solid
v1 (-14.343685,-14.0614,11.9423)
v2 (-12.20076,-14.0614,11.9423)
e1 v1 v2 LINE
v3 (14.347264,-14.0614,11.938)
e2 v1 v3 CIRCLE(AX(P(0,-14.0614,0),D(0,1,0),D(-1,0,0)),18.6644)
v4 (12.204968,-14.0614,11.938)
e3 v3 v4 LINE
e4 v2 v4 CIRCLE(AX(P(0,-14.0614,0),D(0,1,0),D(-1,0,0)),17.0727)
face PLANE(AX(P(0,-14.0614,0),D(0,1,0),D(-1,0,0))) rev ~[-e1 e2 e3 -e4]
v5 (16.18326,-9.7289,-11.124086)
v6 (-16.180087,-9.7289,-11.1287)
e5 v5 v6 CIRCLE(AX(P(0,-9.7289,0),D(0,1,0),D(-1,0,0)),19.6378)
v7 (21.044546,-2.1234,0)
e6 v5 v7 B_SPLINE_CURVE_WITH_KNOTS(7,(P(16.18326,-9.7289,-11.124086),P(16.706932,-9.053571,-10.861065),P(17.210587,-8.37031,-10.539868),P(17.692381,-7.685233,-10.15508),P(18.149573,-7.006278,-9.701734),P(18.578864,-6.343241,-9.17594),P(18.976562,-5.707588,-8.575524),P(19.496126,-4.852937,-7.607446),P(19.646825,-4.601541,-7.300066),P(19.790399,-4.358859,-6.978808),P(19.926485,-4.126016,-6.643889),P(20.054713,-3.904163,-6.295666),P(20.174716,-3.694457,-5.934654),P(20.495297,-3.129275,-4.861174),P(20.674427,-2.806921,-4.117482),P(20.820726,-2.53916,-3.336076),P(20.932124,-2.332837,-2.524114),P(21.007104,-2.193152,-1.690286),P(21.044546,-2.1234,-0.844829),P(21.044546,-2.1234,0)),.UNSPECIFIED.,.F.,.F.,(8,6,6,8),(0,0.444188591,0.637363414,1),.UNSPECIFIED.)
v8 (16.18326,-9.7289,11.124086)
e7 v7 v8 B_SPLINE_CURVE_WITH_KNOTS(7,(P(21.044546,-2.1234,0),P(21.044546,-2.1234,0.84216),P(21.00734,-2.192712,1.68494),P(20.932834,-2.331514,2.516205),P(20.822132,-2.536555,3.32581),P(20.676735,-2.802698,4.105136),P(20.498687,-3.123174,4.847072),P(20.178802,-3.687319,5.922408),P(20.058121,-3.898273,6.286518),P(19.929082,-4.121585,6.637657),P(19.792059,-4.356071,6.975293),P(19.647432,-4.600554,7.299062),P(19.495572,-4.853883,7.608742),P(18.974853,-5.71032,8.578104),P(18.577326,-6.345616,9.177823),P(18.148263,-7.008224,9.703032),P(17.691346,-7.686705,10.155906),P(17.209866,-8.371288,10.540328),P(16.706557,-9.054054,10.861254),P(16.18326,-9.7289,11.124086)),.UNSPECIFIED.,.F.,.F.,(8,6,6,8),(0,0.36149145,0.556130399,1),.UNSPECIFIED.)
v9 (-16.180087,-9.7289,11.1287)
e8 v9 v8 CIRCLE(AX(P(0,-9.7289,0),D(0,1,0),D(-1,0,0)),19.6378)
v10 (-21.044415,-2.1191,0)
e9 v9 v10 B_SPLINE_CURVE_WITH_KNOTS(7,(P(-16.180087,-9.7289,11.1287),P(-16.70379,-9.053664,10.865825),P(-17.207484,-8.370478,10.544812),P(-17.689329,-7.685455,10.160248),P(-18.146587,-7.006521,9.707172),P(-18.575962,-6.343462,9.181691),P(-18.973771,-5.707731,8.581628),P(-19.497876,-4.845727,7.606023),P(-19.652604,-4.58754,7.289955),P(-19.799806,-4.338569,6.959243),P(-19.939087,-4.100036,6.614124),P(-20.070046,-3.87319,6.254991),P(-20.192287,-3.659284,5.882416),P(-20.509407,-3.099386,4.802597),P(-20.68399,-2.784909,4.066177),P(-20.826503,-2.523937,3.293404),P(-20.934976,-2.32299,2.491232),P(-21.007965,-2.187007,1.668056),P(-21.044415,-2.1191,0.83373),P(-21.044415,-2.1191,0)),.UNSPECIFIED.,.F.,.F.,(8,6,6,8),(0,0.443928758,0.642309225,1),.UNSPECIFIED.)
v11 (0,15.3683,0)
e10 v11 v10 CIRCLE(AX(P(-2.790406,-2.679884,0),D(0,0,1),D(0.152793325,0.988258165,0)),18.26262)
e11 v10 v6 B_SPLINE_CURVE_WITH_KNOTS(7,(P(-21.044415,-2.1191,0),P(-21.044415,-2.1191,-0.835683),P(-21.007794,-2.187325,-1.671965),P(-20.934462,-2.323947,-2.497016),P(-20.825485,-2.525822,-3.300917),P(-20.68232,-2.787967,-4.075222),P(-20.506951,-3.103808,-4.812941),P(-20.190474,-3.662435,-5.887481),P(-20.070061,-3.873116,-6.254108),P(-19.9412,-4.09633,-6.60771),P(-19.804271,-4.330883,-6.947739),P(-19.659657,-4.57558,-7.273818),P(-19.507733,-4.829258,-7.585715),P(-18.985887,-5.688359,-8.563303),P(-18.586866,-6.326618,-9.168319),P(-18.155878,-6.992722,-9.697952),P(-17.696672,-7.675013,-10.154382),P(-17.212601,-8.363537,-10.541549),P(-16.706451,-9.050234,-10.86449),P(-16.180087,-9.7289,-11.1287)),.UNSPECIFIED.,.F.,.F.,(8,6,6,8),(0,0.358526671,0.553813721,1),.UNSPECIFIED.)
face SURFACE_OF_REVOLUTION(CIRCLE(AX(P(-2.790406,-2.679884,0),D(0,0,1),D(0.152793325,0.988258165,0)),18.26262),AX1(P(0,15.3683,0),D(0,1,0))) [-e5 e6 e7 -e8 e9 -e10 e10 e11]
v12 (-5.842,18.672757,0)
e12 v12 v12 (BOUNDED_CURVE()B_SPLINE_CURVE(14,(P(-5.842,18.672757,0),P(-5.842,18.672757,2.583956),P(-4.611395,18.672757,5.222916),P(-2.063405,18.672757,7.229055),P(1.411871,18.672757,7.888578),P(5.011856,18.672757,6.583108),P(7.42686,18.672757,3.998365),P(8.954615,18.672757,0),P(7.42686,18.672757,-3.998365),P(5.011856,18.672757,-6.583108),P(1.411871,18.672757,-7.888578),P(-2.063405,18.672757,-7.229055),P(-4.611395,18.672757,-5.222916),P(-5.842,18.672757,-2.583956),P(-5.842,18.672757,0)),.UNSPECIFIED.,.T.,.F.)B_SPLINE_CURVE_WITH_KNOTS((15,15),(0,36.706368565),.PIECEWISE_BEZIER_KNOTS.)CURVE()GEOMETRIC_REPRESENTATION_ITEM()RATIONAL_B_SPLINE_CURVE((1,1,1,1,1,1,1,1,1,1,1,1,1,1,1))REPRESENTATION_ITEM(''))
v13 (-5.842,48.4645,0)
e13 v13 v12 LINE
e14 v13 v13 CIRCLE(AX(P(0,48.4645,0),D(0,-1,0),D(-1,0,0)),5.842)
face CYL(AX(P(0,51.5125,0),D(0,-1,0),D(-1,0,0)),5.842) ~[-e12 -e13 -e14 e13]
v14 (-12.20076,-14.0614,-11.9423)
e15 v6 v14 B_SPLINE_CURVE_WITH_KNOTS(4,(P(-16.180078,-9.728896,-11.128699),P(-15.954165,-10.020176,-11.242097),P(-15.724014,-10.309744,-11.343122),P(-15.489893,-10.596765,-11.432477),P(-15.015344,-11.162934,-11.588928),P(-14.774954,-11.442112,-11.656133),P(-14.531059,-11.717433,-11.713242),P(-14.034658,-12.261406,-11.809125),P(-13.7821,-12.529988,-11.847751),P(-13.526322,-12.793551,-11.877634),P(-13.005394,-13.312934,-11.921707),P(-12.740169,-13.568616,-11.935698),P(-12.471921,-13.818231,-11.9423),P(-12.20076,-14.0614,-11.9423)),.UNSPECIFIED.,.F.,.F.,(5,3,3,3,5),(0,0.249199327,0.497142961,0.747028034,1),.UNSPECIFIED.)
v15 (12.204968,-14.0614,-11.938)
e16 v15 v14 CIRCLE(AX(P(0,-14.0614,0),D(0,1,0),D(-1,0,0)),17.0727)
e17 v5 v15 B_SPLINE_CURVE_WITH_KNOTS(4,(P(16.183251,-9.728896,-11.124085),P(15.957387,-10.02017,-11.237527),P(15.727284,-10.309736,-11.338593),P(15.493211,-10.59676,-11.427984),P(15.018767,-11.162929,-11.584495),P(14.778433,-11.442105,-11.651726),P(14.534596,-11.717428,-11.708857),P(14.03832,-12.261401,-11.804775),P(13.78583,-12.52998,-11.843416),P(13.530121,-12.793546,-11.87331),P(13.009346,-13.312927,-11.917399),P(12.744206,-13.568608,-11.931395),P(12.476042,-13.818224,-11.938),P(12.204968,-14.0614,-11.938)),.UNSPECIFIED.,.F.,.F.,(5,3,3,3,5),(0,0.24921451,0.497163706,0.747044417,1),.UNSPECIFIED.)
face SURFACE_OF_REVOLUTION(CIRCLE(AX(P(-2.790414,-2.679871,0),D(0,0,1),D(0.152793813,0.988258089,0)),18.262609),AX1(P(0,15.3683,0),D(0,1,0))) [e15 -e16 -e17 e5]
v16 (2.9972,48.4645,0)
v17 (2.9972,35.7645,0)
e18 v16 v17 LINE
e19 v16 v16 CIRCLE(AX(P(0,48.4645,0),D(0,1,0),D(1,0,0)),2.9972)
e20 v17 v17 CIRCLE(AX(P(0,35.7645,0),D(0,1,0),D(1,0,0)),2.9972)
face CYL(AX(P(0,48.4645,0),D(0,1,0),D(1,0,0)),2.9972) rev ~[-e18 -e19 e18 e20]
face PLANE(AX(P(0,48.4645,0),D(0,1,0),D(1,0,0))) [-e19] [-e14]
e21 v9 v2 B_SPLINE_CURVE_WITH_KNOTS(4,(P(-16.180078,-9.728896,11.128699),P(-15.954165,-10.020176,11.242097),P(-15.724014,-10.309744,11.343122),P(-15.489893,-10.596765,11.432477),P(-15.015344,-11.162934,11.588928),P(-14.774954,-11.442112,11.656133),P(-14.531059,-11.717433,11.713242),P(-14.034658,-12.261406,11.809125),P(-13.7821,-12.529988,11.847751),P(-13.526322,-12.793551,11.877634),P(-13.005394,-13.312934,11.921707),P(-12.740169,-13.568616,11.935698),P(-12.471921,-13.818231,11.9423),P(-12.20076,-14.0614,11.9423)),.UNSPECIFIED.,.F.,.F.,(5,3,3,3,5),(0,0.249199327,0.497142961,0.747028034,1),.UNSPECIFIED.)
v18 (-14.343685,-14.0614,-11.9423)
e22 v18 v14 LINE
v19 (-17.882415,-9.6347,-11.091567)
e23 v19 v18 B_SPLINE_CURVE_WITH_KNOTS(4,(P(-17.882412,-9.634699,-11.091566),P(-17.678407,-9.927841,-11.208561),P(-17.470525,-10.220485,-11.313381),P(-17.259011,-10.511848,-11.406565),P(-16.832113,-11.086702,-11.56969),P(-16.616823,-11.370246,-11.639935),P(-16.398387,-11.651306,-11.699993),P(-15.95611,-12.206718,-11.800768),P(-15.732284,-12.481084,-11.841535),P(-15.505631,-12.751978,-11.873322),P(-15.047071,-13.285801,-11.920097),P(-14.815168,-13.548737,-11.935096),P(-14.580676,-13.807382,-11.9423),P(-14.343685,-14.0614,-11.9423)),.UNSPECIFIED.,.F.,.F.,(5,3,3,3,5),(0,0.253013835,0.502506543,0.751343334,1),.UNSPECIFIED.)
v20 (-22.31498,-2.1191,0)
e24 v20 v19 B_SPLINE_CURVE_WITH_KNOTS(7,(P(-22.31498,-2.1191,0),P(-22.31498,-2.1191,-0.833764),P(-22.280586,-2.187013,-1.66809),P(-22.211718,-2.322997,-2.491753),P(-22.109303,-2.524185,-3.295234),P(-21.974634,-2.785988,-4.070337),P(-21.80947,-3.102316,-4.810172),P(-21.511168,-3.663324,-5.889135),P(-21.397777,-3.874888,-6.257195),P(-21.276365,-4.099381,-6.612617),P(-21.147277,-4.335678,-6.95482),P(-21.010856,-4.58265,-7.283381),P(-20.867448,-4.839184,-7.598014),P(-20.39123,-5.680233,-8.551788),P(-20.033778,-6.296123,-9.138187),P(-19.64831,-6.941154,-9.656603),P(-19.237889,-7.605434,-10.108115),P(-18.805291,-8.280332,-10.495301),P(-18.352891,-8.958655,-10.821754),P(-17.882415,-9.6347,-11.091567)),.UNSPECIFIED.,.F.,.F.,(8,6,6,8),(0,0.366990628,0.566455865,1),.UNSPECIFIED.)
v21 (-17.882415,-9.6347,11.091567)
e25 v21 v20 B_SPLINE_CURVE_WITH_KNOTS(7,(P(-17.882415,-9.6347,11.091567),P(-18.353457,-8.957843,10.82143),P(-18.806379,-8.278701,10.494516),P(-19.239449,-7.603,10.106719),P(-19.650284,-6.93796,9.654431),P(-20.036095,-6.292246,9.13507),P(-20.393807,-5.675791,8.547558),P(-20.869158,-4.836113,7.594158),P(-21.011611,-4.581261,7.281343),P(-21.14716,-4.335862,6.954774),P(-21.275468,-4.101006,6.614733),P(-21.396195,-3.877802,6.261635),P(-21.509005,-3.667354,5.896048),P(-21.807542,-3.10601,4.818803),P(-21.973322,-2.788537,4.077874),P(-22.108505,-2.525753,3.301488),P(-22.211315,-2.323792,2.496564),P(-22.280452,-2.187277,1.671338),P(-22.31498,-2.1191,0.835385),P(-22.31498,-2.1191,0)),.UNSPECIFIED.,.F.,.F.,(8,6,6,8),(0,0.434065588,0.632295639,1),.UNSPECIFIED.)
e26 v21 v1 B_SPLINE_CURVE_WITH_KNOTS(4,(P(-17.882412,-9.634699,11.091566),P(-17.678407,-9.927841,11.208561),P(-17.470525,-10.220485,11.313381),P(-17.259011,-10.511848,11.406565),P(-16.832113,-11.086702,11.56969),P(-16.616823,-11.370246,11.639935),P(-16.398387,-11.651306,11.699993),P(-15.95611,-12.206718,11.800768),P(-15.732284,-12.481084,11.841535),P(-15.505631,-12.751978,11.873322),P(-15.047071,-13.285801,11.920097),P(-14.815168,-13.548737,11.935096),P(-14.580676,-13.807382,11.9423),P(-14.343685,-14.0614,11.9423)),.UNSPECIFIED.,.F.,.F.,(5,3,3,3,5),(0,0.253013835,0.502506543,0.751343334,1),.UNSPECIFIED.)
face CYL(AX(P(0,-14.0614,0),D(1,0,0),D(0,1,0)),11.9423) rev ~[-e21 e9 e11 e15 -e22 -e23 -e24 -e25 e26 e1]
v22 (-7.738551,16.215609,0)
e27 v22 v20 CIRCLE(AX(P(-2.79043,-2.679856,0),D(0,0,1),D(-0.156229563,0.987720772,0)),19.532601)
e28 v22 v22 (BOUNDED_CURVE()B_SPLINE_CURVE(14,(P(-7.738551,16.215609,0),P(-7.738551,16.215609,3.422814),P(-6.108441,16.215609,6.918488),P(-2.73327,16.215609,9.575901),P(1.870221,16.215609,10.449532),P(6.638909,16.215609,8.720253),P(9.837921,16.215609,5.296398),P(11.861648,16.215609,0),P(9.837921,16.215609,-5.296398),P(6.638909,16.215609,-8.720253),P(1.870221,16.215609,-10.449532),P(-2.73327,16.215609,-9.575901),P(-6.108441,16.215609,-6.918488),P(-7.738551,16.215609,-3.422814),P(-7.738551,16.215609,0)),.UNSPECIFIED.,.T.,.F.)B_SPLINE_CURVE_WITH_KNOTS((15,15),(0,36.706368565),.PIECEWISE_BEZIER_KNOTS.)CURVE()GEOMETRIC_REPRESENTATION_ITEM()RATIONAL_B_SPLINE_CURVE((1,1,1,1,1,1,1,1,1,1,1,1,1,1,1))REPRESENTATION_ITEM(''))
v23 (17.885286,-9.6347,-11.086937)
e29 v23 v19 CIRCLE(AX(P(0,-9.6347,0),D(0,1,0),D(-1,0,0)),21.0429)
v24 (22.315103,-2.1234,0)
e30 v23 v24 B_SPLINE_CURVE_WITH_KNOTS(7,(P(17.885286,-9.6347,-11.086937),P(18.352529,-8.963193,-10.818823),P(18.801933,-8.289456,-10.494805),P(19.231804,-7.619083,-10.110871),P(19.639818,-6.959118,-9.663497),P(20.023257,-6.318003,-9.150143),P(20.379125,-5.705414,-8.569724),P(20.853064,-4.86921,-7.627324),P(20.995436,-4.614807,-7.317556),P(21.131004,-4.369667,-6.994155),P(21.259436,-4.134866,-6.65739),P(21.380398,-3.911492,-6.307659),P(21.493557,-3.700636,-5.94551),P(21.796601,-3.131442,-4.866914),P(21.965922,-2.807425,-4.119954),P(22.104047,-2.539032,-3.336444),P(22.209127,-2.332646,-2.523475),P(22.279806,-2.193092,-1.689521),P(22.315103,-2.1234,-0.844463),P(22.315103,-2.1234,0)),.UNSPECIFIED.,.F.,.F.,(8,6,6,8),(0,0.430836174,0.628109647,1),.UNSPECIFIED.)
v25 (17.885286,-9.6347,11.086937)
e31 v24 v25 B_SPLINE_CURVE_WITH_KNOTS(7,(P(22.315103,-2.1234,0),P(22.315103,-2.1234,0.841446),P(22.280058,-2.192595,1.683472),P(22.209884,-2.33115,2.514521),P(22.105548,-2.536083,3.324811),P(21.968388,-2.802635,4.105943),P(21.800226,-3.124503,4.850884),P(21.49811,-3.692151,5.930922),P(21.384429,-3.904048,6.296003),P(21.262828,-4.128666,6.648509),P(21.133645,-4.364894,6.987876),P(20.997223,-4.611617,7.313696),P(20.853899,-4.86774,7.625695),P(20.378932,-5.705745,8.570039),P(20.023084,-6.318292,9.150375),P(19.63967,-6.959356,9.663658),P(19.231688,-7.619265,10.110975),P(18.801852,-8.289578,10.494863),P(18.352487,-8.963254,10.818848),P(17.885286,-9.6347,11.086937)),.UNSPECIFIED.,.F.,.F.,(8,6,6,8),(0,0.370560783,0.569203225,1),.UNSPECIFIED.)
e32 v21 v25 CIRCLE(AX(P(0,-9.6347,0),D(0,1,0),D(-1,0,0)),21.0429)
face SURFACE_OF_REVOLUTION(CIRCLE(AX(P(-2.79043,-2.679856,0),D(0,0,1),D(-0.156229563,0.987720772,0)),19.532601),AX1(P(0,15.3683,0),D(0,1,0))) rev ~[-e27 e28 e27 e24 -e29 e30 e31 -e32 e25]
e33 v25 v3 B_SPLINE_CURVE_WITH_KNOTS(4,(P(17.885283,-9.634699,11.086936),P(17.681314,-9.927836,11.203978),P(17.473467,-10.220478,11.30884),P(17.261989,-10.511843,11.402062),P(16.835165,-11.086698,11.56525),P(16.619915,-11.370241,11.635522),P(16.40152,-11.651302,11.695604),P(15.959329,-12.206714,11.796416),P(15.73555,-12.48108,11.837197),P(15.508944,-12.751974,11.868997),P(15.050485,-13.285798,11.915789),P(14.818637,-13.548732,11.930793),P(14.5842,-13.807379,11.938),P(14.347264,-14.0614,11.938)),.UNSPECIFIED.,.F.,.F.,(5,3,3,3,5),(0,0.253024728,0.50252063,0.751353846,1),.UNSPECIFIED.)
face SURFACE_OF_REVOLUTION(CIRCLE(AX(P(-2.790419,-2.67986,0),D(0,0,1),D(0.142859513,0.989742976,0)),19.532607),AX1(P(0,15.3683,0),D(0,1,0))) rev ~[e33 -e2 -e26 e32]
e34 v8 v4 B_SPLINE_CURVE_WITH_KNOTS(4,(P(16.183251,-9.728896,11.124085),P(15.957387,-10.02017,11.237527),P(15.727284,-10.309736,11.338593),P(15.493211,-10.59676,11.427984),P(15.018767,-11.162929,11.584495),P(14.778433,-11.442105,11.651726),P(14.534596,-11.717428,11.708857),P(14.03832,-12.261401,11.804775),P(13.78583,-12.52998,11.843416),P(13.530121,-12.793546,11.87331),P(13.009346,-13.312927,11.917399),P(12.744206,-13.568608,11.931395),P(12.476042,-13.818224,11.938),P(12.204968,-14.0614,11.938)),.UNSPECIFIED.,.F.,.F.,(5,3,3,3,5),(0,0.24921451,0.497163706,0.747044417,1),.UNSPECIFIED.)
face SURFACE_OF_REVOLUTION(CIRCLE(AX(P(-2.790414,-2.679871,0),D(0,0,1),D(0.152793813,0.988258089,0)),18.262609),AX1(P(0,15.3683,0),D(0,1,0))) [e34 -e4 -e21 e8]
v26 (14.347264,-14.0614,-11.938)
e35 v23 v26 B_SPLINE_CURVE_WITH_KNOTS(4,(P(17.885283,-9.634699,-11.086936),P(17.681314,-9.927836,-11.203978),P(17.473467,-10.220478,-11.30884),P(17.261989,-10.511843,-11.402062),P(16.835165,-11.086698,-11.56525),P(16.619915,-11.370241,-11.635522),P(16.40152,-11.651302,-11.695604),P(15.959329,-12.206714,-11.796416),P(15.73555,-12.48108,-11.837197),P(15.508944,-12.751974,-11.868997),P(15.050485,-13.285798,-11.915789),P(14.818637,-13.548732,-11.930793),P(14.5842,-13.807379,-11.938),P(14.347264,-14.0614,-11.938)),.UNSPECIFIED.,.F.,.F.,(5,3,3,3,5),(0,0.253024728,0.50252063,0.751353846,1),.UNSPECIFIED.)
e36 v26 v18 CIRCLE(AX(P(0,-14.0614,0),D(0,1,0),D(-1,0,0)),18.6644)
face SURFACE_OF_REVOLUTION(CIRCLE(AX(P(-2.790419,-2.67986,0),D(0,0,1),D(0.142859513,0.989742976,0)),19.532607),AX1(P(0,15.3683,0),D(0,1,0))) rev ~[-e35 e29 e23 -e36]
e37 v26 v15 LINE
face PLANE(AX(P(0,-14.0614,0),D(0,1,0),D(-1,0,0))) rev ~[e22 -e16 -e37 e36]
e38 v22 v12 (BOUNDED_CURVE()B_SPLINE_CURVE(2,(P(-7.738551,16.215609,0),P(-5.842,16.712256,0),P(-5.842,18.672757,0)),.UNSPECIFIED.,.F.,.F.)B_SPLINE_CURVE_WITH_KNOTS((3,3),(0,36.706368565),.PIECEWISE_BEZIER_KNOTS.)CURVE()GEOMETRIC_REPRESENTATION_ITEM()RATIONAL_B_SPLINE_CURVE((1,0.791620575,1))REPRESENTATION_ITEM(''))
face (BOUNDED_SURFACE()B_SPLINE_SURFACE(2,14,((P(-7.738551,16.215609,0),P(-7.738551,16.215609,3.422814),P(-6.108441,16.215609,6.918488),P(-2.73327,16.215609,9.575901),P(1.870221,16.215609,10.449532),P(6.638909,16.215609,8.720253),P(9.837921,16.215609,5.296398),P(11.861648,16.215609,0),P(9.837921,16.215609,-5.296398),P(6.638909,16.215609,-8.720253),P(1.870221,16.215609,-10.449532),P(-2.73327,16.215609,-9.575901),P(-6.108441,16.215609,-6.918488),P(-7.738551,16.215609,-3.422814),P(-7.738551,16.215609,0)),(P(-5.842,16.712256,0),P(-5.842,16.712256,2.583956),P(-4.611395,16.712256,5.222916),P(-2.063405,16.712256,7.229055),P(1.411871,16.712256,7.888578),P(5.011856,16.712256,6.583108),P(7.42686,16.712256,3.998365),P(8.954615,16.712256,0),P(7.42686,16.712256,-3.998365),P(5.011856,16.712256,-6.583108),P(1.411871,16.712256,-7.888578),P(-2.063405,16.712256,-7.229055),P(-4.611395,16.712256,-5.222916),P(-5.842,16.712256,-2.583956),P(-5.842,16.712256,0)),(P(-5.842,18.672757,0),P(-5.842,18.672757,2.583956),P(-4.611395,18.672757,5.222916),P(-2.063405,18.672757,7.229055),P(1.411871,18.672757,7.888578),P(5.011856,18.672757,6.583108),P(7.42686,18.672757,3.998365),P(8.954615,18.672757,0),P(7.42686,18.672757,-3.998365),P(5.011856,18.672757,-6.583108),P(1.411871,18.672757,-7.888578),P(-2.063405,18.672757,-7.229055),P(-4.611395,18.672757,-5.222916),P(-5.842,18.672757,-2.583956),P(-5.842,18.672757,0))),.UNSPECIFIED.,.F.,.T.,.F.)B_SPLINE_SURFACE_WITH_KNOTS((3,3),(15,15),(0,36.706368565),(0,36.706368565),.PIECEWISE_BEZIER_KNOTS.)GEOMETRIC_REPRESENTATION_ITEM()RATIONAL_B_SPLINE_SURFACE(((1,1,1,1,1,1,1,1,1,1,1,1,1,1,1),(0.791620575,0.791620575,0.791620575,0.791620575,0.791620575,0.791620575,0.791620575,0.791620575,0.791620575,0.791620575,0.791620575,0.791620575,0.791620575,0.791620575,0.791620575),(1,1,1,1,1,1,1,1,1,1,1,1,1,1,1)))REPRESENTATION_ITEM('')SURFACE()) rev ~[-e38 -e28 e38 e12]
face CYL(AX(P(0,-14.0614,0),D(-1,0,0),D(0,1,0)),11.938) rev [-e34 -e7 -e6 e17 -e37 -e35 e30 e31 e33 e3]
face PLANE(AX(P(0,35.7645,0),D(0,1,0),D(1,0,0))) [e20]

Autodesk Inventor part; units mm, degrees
ref_plane "XZ Plane" through (0, 0, 0) normal (0, 1, 0) x (-1, 0, 0)
ref_plane "XY Plane" through (0, 0, 0) normal (0, 0, 1) x (1, 0, 0)
sketch "Sketch1" plane through (0, 0, 0) normal (0, 0, 1) x (1, 0, 0)
  arc A0 (0, 15.3683) -> (-19.6378, -9.7289) centre (-2.7904, -2.6799) ccw
  arc A1 (-5.842, 16.6129) -> (-21.0429, -9.6347) centre (-2.7904, -2.6799) ccw
  line L0 (0, 51.5125) -> (-5.842, 51.5125)
  line L1 (-5.842, 51.5125) -> (-5.842, 16.6129)
  line L2 (0, 15.3683) -> (0, 51.5125)
  arc A2 (0, 15.3683) -> (-17.0727, -14.0614) centre (-2.7904, -2.6799) ccw
  arc A3 (0, 16.6524) -> (-18.6644, -14.0614) centre (-2.7904, -2.6799) ccw
  line L3 (-18.6644, -14.0614) -> (-17.0727, -14.0614)
  dimension "d3" = 1.27
  dimension "d5" = 34.8996
  dimension "d6" = 18.2626
  dimension "d7" = 5.842
  dimension "d9" = 36.1442
revolve "Revolution1" add sketch "Sketch1" angle 360 about axis through (0, 15.3683, 0) along (0, 1, 0)
sketch "Sketch4" plane through (0, 51.5125, 0) normal (0, 1, 0) x (1, 0, 0)
  circle A0 centre (0, 0) radius 5.842 projected
  circle A1 centre (0, 0) radius 2.9972
  point P0 (0, 0)
  dimension "d21" = 5.9944
extrude "Cut1" cut sketch "Sketch4" against normal blind 3.048 contours A0 | A1
sketch "Sketch5" plane through (0, 0, 0) normal (1, 0, 0) x (0, 1, 0)
  line L0 (3.3342, -12.2505) -> (3.3342, 12.2505) projected
  circle A0 centre (3.3342, 0) radius 7.99
  point P0 (0, 0)
extrude "Extrusion3" cut sketch "Sketch5" along normal mid plane 25.4
sketch "Sketch6" plane through (0, 48.4645, 0) normal (0, 1, 0) x (1, 0, 0)
  circle A0 centre (0, 0) radius 2.9972
  point P0 (0, 0)
  dimension "d22" = 5.9944
extrude "Extrusion4" cut sketch "Sketch6" against normal blind 12.7
sketch "Sketch7" plane through (-12.7, 0, 0) normal (1, 0, 0) x (0, 0, -1)
  circle A0 centre (0, 6.8594) radius 3.3582
  point P0 (0, 0)
extrude "Extrusion5" [suppressed]
sketch "Sketch8" plane through (-12.7, 0, 0) normal (1, 0, 0) x (0, 0, -1)
  circle A0 centre (0.7643, 6.3089) radius 4.4927
  point P0 (0, 0)
extrude "Extrusion6" [suppressed]
sketch "Sketch9" plane through (12.7, 0, 0) normal (-1, 0, 0) x (0, 0, 1)
  circle A0 centre (0, 6.8376) radius 3.6987
  point P0 (0, 0)
extrude "Extrusion7" [suppressed]
fillet "Fillet1" radius 2.54 1 edges at (5.842, 16.6129, 0)
sketch "Sketch10" plane through (0, 0, 0) normal (1, 0, 0) x (0, 1, 0)
  line L0 (-14.0614, -17.0727) -> (-14.0614, 17.0727) projected
  circle A0 centre (-14.0614, 0) radius 11.9423
  point P0 (0, 0)
extrude "Extrusion8" cut sketch "Sketch10" against normal blind 25.4
sketch "Sketch11" plane through (0, 0, 0) normal (1, 0, 0) x (0, 1, 0)
  line L0 (-14.0614, -17.0727) -> (-14.0614, 17.0727) projected
  circle A0 centre (-14.0614, 0) radius 11.938
  point P0 (0, 0)
  point P1 (-14.0614, 11.9423)
  point P2 (-14.0614, -11.9423)
  dimension "d34" = 23.876
extrude "Extrusion9" cut sketch "Sketch11" along normal blind 25.4
equation "\"d17\" = Thickness"
equation "\"BendRadius\" = Thickness"
equation "\"BendReliefWidth\" = Thickness"
equation "\"BendReliefDepth\" = 0.5 * Thickness"
equation "\"CornerReliefSize\" = 4 * Thickness"
equation "\"MinimumRemnant\" = 2 * Thickness"
equation "\"TransitionRadius\" = BendRadius"
equation "\"JacobiRadiusSize\" = Thickness"
equation "\"GapSize\" = Thickness"
equation "\"Thickness\" = 3.048"
properties part number "mcdave caster"
